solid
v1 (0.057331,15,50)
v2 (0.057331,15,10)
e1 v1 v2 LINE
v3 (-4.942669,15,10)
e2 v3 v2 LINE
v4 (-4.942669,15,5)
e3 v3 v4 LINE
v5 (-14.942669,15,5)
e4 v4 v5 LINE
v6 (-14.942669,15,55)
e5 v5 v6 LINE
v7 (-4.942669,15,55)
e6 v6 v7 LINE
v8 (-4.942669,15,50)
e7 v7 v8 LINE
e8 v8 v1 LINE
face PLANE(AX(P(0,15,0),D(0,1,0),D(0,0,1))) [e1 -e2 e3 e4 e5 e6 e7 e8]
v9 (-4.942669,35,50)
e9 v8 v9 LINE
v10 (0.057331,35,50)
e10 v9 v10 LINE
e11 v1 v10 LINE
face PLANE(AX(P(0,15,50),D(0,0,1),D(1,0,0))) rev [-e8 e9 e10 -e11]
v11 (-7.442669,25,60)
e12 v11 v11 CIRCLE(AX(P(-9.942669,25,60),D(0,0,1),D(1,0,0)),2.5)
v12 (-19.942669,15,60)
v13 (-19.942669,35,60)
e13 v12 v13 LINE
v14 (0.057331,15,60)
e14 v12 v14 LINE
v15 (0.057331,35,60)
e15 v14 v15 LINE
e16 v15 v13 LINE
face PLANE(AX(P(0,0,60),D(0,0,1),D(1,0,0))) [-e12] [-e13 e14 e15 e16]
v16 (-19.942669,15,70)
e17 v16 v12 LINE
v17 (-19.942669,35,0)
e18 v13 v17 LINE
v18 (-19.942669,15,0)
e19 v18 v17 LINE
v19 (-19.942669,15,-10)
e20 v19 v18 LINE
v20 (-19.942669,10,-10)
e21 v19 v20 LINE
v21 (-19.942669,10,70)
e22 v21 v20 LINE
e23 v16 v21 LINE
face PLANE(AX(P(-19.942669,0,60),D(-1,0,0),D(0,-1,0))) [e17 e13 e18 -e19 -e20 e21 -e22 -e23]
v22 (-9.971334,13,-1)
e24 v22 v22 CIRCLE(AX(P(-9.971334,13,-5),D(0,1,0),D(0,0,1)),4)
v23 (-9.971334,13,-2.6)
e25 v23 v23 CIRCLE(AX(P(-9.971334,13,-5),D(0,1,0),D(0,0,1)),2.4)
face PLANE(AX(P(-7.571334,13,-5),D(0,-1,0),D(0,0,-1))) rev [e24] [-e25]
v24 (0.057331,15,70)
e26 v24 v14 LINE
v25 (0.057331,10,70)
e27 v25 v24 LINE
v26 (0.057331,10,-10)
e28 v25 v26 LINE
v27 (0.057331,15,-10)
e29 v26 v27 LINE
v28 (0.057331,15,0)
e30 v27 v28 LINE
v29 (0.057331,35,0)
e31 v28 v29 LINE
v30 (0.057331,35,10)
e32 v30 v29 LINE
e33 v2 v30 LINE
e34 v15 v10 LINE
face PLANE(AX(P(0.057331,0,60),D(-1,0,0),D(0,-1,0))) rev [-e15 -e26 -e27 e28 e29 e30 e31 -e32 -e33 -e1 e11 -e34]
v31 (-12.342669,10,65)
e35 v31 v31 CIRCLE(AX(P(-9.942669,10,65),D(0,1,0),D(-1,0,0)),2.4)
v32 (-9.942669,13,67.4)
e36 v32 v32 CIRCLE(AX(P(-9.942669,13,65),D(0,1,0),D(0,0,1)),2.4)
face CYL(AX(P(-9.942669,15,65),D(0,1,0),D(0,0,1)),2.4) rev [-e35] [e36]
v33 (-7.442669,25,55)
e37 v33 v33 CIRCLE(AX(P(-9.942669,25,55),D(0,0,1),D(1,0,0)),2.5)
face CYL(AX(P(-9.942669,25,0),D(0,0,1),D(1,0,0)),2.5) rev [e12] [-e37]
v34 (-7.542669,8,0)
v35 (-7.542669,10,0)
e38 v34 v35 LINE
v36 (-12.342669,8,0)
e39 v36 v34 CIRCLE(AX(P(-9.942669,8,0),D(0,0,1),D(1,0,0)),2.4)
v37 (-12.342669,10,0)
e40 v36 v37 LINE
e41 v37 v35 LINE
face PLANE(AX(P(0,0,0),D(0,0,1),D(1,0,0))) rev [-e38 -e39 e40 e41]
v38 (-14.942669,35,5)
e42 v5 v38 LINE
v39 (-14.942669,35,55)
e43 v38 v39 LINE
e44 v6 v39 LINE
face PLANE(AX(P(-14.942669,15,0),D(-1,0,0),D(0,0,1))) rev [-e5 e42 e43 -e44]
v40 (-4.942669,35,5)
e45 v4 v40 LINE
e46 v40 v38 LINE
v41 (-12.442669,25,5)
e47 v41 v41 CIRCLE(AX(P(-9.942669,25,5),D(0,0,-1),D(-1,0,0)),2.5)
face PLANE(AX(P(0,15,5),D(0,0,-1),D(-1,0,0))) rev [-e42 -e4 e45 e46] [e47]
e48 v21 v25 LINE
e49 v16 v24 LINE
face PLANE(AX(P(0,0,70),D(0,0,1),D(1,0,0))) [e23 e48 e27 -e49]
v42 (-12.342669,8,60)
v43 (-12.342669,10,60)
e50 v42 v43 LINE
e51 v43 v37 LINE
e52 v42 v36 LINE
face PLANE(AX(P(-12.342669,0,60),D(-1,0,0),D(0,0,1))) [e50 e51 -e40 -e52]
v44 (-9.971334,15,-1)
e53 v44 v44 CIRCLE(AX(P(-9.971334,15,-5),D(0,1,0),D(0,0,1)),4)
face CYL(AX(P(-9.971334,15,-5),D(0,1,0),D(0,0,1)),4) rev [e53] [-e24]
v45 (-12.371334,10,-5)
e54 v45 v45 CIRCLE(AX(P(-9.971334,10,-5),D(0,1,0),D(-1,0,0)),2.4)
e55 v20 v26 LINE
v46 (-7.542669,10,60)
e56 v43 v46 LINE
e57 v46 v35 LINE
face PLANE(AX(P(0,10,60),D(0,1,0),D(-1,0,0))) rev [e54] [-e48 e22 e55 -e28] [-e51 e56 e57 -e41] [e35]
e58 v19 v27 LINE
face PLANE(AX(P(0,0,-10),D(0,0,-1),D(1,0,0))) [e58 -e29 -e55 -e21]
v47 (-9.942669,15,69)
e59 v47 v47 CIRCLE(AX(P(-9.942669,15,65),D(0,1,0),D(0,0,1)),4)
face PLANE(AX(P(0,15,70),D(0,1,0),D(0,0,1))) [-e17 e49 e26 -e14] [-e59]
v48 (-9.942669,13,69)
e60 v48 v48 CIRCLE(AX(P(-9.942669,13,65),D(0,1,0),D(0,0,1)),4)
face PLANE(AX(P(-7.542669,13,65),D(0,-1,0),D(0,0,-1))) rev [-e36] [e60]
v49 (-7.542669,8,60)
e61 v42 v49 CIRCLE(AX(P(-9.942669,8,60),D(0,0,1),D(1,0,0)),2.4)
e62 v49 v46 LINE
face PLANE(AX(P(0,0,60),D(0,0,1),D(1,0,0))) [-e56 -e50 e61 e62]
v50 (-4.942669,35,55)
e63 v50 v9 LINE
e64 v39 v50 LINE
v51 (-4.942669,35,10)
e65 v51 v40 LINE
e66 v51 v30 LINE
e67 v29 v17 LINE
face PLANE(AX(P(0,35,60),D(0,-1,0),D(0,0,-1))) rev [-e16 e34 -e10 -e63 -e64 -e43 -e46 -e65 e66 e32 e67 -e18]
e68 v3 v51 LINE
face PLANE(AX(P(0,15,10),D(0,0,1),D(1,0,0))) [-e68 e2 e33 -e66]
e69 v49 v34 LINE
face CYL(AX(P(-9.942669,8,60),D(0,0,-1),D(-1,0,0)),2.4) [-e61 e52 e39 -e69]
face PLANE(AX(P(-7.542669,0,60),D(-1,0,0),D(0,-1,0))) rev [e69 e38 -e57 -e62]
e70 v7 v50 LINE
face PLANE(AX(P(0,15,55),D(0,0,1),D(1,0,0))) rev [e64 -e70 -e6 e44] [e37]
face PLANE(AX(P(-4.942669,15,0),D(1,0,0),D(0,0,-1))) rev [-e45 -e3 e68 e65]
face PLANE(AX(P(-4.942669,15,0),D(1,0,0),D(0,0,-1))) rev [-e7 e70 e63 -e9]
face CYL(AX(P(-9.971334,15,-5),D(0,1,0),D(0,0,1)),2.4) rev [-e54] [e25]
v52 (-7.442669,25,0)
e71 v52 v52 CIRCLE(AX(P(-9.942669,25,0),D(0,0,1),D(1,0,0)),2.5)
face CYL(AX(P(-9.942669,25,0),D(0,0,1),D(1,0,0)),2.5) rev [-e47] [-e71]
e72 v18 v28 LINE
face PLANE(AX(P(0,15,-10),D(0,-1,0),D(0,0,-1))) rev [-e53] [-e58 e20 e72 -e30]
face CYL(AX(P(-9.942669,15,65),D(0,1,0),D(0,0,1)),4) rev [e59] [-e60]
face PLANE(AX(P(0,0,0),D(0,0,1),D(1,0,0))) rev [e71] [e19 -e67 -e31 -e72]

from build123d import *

# Parameters (mm, degrees)
BOSS_EXTRU_1_DEPTH                                = 60
ENL_V_MAT_EXTRU_1_DEPTH                           = 20
ENL_V_MAT_EXTRU_2_DEPTH                           = 56
ENL_V_MAT_EXTRU_2_DEPTH_BACK                      = 6
BOSS_EXTRU_2_DEPTH                                = 10
CHAMBRAGE_POUR_VIS_SIX_PANS_CREUX_M41_D           = 4.8
CHAMBRAGE_POUR_VIS_SIX_PANS_CREUX_M41_CBORE_D     = 8
CHAMBRAGE_POUR_VIS_SIX_PANS_CREUX_M41_CBORE_DEPTH = 2


with BuildPart() as part:
    # Esquisse1 → Boss.-Extru.1 (new body)
    with BuildSketch(Plane.XY):
        with BuildLine():
            Line((-19.942668722, 35), (-19.942668722, 10))
            Line((-19.942668722, 10), (-12.342668722, 10))
            Line((-12.342668722, 10), (-12.342668722, 8))
            ThreePointArc((-12.342668722, 8), (-9.942668722, 5.6), (-7.542668722, 8))
            Line((-7.542668722, 8), (-7.542668722, 10))
            Line((-7.542668722, 10), (0.057331278, 10))
            Line((0.057331278, 10), (0.057331278, 35))
            Line((0.057331278, 35), (-19.942668722, 35))
        make_face()
    extrude(amount=BOSS_EXTRU_1_DEPTH)

    # Esquisse2 → Enlèv. mat.-Extru.1 (cut)
    with BuildSketch(Plane(origin=(0, 35, 0), x_dir=(1, 0, 0), z_dir=(0, 1, 0))):
        Polygon((0.057331278, -50), (0.057331278, -10), (-4.942668722, -10), (-4.942668722, -5), (-14.942668722, -5), (-14.942668722, -55), (-4.942668722, -55), (-4.942668722, -50), align=None)
    extrude(amount=-ENL_V_MAT_EXTRU_1_DEPTH, mode=Mode.SUBTRACT)

    # Esquisse3 → Enlèv. mat.-Extru.2 (cut, two sides)
    with BuildSketch(Plane.XY.offset(5)) as enl_v_mat_extru_2_sk:
        with BuildLine():
            ThreePointArc((-8.824634733, 27.236067977), (-12.178736699, 26.118033989), (-11.06070271, 22.763932023))
            Line((-11.06070271, 22.763932023), (-8.824634733, 27.236067977))
        make_face()
        with BuildLine():
            Line((-8.824634733, 27.236067977), (-11.06070271, 22.763932023))
            ThreePointArc((-11.06070271, 22.763932023), (-8.628340941, 22.873372979), (-7.442668722, 25))
            ThreePointArc((-7.442668722, 25), (-7.816041701, 26.31432778), (-8.824634733, 27.236067977))
        make_face()
    extrude(amount=ENL_V_MAT_EXTRU_2_DEPTH, mode=Mode.SUBTRACT)
    extrude(enl_v_mat_extru_2_sk.sketch, amount=-ENL_V_MAT_EXTRU_2_DEPTH_BACK, mode=Mode.SUBTRACT)

    # Esquisse4 → Boss.-Extru.2 (add)
    with BuildSketch(Plane.XY.offset(60)):
        Polygon((-19.942668722, 15), (-19.942668722, 10), (-12.342668722, 10), (-7.542668722, 10), (0.057331278, 10), (0.057331278, 15), align=None)
    boss_extru_2 = extrude(amount=BOSS_EXTRU_2_DEPTH)

    # Symétrie1: Boss.-Extru.2 across plane
    add(boss_extru_2.mirror(Plane.XY.offset(30)))

    # Chambrage pour vis à six pans creux M41 (through all)
    with Locations(Plane(origin=(-9.971334361, 15, -5), x_dir=(0, 0, 1), z_dir=(0, 1, 0))):
        with Locations((0, 0), (70, 0.028665639)):
            CounterBoreHole(CHAMBRAGE_POUR_VIS_SIX_PANS_CREUX_M41_D / 2, CHAMBRAGE_POUR_VIS_SIX_PANS_CREUX_M41_CBORE_D / 2, CHAMBRAGE_POUR_VIS_SIX_PANS_CREUX_M41_CBORE_DEPTH)


solid = part.part
